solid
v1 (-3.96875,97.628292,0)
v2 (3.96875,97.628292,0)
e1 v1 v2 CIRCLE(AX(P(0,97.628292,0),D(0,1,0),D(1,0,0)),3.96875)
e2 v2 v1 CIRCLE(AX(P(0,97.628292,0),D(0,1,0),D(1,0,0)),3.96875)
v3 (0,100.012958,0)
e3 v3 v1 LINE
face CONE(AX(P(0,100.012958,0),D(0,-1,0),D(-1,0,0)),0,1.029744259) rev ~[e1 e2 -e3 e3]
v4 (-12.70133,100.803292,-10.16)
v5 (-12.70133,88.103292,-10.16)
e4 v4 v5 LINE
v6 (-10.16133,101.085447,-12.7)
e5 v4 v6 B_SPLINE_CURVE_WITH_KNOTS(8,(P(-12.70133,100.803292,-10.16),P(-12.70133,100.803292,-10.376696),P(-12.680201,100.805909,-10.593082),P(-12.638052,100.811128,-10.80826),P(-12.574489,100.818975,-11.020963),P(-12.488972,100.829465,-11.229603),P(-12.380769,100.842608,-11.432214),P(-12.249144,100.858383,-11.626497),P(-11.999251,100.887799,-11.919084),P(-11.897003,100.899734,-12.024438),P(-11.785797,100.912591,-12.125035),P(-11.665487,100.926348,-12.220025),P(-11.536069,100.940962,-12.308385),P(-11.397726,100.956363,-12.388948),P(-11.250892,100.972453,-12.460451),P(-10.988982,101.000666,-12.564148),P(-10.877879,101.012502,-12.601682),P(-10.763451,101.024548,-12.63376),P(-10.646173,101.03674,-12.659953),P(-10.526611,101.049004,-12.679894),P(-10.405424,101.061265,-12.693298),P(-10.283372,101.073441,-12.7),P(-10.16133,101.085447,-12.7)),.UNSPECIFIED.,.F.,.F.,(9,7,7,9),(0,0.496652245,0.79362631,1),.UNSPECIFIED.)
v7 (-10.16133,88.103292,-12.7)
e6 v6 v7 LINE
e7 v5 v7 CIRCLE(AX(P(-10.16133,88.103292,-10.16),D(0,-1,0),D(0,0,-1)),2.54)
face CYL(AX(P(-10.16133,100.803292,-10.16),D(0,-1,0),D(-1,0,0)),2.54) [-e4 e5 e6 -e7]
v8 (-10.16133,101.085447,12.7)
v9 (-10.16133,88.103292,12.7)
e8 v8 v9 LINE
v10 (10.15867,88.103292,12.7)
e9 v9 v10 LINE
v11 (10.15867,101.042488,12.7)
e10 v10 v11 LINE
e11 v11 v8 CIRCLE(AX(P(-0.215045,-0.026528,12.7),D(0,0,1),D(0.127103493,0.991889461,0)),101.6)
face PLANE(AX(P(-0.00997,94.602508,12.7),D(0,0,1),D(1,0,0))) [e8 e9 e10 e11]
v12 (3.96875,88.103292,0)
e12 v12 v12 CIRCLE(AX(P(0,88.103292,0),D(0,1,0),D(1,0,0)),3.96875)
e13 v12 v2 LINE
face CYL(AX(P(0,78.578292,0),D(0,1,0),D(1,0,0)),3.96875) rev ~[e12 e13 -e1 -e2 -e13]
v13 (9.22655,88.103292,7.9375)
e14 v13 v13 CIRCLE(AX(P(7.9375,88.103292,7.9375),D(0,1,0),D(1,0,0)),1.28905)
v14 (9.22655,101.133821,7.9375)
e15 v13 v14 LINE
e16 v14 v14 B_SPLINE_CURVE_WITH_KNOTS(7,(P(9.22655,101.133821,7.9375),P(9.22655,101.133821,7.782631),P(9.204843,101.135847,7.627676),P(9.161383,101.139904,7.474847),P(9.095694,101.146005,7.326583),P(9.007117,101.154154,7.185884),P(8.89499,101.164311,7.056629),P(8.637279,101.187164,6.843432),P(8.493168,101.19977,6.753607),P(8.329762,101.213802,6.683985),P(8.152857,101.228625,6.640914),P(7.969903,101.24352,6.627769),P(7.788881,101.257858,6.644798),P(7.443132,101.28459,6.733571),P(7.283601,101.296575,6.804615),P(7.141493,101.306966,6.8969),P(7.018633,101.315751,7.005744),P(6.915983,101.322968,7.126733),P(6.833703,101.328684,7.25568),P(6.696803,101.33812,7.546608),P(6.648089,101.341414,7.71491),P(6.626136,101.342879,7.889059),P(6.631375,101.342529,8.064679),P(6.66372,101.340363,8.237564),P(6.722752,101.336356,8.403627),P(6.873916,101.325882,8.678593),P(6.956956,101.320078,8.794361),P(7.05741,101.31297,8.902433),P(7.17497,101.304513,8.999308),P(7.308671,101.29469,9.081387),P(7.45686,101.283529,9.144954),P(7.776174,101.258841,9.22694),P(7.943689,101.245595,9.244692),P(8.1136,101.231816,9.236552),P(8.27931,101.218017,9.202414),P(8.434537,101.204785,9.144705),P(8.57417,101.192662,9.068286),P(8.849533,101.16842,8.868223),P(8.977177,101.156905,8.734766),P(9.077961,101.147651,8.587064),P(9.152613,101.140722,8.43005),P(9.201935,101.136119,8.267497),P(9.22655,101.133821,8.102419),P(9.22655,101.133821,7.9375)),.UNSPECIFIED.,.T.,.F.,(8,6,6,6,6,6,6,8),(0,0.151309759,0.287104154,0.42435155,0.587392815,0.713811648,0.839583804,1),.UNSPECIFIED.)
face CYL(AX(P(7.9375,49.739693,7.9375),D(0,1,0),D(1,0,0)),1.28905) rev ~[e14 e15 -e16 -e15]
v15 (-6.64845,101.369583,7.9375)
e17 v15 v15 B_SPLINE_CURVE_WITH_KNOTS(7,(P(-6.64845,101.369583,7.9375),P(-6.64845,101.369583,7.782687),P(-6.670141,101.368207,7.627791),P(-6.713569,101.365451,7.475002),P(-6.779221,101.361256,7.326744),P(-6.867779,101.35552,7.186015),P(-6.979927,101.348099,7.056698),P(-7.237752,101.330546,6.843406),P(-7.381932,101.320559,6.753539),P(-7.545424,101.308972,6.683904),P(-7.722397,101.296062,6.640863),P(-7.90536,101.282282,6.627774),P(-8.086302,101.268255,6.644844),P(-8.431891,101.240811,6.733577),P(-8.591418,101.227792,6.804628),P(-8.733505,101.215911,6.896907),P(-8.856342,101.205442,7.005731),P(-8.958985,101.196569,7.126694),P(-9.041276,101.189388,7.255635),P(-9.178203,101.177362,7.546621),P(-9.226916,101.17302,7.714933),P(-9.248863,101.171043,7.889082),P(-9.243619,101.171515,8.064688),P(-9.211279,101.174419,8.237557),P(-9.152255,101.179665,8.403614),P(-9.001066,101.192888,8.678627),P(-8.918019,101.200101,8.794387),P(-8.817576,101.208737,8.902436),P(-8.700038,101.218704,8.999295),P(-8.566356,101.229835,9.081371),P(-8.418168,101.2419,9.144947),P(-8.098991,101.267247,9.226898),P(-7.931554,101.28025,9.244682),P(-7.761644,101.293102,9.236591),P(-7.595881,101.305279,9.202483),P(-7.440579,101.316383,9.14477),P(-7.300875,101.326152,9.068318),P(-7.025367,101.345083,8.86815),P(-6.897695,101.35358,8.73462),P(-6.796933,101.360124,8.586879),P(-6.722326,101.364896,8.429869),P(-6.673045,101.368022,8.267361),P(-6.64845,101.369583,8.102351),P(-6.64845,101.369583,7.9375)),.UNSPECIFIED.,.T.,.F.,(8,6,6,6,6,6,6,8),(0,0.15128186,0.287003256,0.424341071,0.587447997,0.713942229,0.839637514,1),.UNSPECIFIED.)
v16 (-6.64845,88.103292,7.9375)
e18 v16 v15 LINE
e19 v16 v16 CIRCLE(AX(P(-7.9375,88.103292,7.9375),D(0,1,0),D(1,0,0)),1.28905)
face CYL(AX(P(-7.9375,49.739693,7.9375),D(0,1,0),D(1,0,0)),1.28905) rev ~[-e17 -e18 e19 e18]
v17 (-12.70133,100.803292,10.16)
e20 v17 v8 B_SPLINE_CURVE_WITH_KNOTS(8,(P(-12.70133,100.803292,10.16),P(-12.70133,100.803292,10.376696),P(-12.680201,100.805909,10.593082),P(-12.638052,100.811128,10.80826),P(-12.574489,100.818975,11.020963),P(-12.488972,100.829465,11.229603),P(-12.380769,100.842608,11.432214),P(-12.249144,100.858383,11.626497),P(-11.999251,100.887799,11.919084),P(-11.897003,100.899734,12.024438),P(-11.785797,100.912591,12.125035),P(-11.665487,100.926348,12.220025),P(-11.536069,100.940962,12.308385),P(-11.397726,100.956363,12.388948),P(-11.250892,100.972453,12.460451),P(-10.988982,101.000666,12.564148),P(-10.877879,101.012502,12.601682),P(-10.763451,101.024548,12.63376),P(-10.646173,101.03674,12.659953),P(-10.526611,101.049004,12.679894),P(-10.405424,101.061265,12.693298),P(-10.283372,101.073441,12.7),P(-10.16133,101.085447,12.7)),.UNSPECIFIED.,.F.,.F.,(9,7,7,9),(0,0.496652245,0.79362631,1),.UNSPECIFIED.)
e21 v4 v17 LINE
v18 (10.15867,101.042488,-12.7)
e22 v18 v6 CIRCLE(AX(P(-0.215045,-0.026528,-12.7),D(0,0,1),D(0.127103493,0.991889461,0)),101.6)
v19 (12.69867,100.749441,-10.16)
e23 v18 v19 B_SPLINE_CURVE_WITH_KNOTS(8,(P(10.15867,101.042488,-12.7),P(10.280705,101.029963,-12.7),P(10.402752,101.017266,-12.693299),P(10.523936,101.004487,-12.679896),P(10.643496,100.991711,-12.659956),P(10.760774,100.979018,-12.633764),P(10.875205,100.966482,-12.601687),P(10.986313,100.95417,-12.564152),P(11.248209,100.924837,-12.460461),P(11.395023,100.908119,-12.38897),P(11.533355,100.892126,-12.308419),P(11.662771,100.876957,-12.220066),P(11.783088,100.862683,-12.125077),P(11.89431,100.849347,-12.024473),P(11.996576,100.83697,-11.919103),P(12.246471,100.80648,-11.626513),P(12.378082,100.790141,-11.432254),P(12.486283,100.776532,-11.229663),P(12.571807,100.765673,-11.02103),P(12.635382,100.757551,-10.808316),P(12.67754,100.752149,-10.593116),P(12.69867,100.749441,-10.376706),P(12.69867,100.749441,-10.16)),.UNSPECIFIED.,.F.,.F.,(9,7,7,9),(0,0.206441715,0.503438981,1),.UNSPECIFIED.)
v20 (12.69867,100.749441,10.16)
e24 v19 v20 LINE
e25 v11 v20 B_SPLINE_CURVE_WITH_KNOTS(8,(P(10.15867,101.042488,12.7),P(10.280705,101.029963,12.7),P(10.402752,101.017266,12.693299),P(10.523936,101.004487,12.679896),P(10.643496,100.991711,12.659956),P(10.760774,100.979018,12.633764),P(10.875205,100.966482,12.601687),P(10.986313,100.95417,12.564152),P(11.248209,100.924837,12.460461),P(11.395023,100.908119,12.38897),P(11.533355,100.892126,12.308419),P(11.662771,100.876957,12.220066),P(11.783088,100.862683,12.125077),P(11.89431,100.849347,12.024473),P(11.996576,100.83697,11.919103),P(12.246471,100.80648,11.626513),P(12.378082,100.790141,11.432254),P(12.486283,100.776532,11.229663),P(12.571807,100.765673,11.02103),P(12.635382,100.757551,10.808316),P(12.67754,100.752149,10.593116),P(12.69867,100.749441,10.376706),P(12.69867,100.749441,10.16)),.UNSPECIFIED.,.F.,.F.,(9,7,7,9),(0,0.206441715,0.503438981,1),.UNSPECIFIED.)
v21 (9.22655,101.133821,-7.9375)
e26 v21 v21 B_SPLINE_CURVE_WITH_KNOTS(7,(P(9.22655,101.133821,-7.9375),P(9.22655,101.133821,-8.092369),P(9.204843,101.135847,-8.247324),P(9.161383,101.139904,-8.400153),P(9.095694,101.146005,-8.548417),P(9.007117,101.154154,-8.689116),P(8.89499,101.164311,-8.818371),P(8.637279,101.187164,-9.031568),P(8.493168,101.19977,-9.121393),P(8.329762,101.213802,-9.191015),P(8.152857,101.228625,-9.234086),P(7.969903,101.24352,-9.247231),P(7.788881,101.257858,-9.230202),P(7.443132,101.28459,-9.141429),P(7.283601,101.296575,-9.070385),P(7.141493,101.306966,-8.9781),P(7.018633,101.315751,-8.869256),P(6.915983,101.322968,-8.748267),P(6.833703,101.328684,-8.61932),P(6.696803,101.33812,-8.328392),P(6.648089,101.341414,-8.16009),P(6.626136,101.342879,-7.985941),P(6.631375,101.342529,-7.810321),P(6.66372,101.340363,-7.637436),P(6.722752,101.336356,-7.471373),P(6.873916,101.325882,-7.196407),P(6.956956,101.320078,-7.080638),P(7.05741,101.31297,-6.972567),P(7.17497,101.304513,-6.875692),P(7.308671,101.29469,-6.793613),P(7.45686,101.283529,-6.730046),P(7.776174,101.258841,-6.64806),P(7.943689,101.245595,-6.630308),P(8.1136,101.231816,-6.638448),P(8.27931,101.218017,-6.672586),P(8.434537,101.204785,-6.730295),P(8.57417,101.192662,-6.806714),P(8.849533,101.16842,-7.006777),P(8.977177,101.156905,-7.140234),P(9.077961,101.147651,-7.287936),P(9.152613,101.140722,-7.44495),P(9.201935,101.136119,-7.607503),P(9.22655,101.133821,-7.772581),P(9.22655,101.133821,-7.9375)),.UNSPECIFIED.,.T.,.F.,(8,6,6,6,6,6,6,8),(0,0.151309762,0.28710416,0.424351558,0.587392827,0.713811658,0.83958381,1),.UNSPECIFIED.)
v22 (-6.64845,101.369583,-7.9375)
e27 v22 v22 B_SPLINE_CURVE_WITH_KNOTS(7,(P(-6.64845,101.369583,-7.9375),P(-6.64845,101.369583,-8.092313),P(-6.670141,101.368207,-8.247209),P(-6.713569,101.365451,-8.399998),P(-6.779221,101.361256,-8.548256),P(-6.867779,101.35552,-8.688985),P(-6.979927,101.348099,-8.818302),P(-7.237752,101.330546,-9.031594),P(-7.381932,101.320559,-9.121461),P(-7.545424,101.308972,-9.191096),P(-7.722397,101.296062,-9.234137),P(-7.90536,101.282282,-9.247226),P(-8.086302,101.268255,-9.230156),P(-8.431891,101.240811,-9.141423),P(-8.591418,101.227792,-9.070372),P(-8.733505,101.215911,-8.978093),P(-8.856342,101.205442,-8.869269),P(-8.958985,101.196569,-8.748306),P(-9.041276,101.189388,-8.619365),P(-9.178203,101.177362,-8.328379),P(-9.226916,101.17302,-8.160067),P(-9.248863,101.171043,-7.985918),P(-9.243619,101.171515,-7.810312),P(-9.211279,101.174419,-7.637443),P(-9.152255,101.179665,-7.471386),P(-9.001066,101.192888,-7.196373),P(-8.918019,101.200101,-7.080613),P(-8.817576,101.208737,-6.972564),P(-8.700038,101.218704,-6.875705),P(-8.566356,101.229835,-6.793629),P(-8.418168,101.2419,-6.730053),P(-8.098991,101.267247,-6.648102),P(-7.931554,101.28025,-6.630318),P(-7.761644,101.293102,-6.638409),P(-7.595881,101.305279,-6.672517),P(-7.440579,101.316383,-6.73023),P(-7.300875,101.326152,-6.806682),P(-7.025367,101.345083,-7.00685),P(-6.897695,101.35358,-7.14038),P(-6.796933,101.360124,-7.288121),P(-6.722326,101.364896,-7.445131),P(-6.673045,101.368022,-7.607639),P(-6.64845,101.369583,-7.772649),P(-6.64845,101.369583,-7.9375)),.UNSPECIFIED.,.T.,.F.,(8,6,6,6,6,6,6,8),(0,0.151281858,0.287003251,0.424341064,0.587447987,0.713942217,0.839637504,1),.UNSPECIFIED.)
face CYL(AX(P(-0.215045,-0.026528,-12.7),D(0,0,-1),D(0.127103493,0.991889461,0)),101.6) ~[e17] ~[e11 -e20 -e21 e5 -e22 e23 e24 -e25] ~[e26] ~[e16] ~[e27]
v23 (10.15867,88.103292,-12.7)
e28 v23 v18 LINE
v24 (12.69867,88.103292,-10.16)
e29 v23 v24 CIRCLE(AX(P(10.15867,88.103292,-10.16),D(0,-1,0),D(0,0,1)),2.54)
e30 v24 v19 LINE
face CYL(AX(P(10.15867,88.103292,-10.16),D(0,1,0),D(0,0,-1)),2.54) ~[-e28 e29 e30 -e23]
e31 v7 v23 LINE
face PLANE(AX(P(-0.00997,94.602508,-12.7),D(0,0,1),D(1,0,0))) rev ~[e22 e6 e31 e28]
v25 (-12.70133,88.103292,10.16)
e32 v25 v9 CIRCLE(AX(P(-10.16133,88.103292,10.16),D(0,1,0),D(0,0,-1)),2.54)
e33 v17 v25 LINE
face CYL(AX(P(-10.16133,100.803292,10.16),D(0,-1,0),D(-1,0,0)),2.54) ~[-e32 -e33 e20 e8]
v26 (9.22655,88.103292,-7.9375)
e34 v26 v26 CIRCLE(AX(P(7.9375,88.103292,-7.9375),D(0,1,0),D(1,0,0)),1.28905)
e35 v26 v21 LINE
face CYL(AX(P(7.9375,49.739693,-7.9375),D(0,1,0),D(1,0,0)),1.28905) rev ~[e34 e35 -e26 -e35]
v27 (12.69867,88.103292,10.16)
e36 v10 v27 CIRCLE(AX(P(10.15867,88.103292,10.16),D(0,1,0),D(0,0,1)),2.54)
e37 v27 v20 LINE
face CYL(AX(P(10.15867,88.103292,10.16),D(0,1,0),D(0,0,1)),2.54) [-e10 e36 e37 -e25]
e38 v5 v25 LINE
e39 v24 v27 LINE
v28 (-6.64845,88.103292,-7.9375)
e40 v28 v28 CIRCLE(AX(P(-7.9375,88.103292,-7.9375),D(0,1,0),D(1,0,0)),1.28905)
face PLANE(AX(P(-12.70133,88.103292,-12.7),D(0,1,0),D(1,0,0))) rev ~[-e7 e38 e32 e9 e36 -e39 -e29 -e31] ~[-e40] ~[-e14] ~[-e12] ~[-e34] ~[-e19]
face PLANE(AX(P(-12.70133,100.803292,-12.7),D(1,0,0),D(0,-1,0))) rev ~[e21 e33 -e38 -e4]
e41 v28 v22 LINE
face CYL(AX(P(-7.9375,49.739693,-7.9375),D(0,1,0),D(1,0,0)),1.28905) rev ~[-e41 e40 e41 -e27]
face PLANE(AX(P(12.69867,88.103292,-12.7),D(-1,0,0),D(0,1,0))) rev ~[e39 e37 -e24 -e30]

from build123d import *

# Parameters (mm, degrees)
BOSS_EXTRUDE1_DEPTH             = 12.7
BOSS_EXTRUDE1_DEPTH_BACK        = 12.7
TAP_DRILL_FOR_3_8_16_TAP1_D     = 7.9375
TAP_DRILL_FOR_3_8_16_TAP1_DEPTH = 9.525
TAP_DRILL_FOR_3_8_16_TAP1_TIP   = 2.384665582
F_5_40_TAPPED_HOLE1_D           = 2.5781
FILLET1_R                       = 2.54


with BuildPart() as part:
    # Sketch1 → Boss-Extrude1 (new, two sides: drawn at the far end of the back side and taken through both)
    with BuildSketch(Plane.XY.offset(-BOSS_EXTRUDE1_DEPTH_BACK)):
        with BuildLine():
            Line((-12.701329683, 100.803292467), (-12.701329683, 88.103292467))
            Line((-12.701329683, 88.103292467), (12.698670317, 88.103292467))
            Line((12.698670317, 88.103292467), (12.698670317, 100.749441262))
            ThreePointArc((12.698670317, 100.749441262), (0.000359797, 101.573243718), (-12.701329683, 100.803292467))
        make_face()
    extrude(amount=BOSS_EXTRUDE1_DEPTH + BOSS_EXTRUDE1_DEPTH_BACK)

    # Tap Drill for 3/8-16 Tap1
    with Locations(Plane(origin=(0, 88.103292467, 0), x_dir=(-1, 0, 0), z_dir=(0, -1, 0))):
        with Locations((0, 0)):
            Hole(TAP_DRILL_FOR_3_8_16_TAP1_D / 2, depth=TAP_DRILL_FOR_3_8_16_TAP1_DEPTH)
            with Locations((0, 0, -(TAP_DRILL_FOR_3_8_16_TAP1_DEPTH + TAP_DRILL_FOR_3_8_16_TAP1_TIP / 2))):  # 118° drill point
                Cone(0, TAP_DRILL_FOR_3_8_16_TAP1_D / 2, TAP_DRILL_FOR_3_8_16_TAP1_TIP, mode=Mode.SUBTRACT)

    # #5-40 Tapped Hole1 (through all)
    with Locations(Plane(origin=(0, 88.103292467, 0), x_dir=(-1, 0, 0), z_dir=(0, -1, 0))):
        with Locations((-7.9375, -7.9375), (-7.9375, 7.9375), (7.9375, 7.9375), (7.9375, -7.9375)):
            Hole(F_5_40_TAPPED_HOLE1_D / 2)

    # Fillet1
    fillet1_edges = [part.edges().sort_by_distance(p)[0] for p in [
        (-12.701329683, 94.453292467, 12.7),
        (12.698670317, 94.426366864, -12.7),
        (12.698670317, 94.426366864, 12.7),
        (-12.701329683, 94.453292467, -12.7),
    ]]
    fillet(fillet1_edges, radius=FILLET1_R)


solid = part.part
